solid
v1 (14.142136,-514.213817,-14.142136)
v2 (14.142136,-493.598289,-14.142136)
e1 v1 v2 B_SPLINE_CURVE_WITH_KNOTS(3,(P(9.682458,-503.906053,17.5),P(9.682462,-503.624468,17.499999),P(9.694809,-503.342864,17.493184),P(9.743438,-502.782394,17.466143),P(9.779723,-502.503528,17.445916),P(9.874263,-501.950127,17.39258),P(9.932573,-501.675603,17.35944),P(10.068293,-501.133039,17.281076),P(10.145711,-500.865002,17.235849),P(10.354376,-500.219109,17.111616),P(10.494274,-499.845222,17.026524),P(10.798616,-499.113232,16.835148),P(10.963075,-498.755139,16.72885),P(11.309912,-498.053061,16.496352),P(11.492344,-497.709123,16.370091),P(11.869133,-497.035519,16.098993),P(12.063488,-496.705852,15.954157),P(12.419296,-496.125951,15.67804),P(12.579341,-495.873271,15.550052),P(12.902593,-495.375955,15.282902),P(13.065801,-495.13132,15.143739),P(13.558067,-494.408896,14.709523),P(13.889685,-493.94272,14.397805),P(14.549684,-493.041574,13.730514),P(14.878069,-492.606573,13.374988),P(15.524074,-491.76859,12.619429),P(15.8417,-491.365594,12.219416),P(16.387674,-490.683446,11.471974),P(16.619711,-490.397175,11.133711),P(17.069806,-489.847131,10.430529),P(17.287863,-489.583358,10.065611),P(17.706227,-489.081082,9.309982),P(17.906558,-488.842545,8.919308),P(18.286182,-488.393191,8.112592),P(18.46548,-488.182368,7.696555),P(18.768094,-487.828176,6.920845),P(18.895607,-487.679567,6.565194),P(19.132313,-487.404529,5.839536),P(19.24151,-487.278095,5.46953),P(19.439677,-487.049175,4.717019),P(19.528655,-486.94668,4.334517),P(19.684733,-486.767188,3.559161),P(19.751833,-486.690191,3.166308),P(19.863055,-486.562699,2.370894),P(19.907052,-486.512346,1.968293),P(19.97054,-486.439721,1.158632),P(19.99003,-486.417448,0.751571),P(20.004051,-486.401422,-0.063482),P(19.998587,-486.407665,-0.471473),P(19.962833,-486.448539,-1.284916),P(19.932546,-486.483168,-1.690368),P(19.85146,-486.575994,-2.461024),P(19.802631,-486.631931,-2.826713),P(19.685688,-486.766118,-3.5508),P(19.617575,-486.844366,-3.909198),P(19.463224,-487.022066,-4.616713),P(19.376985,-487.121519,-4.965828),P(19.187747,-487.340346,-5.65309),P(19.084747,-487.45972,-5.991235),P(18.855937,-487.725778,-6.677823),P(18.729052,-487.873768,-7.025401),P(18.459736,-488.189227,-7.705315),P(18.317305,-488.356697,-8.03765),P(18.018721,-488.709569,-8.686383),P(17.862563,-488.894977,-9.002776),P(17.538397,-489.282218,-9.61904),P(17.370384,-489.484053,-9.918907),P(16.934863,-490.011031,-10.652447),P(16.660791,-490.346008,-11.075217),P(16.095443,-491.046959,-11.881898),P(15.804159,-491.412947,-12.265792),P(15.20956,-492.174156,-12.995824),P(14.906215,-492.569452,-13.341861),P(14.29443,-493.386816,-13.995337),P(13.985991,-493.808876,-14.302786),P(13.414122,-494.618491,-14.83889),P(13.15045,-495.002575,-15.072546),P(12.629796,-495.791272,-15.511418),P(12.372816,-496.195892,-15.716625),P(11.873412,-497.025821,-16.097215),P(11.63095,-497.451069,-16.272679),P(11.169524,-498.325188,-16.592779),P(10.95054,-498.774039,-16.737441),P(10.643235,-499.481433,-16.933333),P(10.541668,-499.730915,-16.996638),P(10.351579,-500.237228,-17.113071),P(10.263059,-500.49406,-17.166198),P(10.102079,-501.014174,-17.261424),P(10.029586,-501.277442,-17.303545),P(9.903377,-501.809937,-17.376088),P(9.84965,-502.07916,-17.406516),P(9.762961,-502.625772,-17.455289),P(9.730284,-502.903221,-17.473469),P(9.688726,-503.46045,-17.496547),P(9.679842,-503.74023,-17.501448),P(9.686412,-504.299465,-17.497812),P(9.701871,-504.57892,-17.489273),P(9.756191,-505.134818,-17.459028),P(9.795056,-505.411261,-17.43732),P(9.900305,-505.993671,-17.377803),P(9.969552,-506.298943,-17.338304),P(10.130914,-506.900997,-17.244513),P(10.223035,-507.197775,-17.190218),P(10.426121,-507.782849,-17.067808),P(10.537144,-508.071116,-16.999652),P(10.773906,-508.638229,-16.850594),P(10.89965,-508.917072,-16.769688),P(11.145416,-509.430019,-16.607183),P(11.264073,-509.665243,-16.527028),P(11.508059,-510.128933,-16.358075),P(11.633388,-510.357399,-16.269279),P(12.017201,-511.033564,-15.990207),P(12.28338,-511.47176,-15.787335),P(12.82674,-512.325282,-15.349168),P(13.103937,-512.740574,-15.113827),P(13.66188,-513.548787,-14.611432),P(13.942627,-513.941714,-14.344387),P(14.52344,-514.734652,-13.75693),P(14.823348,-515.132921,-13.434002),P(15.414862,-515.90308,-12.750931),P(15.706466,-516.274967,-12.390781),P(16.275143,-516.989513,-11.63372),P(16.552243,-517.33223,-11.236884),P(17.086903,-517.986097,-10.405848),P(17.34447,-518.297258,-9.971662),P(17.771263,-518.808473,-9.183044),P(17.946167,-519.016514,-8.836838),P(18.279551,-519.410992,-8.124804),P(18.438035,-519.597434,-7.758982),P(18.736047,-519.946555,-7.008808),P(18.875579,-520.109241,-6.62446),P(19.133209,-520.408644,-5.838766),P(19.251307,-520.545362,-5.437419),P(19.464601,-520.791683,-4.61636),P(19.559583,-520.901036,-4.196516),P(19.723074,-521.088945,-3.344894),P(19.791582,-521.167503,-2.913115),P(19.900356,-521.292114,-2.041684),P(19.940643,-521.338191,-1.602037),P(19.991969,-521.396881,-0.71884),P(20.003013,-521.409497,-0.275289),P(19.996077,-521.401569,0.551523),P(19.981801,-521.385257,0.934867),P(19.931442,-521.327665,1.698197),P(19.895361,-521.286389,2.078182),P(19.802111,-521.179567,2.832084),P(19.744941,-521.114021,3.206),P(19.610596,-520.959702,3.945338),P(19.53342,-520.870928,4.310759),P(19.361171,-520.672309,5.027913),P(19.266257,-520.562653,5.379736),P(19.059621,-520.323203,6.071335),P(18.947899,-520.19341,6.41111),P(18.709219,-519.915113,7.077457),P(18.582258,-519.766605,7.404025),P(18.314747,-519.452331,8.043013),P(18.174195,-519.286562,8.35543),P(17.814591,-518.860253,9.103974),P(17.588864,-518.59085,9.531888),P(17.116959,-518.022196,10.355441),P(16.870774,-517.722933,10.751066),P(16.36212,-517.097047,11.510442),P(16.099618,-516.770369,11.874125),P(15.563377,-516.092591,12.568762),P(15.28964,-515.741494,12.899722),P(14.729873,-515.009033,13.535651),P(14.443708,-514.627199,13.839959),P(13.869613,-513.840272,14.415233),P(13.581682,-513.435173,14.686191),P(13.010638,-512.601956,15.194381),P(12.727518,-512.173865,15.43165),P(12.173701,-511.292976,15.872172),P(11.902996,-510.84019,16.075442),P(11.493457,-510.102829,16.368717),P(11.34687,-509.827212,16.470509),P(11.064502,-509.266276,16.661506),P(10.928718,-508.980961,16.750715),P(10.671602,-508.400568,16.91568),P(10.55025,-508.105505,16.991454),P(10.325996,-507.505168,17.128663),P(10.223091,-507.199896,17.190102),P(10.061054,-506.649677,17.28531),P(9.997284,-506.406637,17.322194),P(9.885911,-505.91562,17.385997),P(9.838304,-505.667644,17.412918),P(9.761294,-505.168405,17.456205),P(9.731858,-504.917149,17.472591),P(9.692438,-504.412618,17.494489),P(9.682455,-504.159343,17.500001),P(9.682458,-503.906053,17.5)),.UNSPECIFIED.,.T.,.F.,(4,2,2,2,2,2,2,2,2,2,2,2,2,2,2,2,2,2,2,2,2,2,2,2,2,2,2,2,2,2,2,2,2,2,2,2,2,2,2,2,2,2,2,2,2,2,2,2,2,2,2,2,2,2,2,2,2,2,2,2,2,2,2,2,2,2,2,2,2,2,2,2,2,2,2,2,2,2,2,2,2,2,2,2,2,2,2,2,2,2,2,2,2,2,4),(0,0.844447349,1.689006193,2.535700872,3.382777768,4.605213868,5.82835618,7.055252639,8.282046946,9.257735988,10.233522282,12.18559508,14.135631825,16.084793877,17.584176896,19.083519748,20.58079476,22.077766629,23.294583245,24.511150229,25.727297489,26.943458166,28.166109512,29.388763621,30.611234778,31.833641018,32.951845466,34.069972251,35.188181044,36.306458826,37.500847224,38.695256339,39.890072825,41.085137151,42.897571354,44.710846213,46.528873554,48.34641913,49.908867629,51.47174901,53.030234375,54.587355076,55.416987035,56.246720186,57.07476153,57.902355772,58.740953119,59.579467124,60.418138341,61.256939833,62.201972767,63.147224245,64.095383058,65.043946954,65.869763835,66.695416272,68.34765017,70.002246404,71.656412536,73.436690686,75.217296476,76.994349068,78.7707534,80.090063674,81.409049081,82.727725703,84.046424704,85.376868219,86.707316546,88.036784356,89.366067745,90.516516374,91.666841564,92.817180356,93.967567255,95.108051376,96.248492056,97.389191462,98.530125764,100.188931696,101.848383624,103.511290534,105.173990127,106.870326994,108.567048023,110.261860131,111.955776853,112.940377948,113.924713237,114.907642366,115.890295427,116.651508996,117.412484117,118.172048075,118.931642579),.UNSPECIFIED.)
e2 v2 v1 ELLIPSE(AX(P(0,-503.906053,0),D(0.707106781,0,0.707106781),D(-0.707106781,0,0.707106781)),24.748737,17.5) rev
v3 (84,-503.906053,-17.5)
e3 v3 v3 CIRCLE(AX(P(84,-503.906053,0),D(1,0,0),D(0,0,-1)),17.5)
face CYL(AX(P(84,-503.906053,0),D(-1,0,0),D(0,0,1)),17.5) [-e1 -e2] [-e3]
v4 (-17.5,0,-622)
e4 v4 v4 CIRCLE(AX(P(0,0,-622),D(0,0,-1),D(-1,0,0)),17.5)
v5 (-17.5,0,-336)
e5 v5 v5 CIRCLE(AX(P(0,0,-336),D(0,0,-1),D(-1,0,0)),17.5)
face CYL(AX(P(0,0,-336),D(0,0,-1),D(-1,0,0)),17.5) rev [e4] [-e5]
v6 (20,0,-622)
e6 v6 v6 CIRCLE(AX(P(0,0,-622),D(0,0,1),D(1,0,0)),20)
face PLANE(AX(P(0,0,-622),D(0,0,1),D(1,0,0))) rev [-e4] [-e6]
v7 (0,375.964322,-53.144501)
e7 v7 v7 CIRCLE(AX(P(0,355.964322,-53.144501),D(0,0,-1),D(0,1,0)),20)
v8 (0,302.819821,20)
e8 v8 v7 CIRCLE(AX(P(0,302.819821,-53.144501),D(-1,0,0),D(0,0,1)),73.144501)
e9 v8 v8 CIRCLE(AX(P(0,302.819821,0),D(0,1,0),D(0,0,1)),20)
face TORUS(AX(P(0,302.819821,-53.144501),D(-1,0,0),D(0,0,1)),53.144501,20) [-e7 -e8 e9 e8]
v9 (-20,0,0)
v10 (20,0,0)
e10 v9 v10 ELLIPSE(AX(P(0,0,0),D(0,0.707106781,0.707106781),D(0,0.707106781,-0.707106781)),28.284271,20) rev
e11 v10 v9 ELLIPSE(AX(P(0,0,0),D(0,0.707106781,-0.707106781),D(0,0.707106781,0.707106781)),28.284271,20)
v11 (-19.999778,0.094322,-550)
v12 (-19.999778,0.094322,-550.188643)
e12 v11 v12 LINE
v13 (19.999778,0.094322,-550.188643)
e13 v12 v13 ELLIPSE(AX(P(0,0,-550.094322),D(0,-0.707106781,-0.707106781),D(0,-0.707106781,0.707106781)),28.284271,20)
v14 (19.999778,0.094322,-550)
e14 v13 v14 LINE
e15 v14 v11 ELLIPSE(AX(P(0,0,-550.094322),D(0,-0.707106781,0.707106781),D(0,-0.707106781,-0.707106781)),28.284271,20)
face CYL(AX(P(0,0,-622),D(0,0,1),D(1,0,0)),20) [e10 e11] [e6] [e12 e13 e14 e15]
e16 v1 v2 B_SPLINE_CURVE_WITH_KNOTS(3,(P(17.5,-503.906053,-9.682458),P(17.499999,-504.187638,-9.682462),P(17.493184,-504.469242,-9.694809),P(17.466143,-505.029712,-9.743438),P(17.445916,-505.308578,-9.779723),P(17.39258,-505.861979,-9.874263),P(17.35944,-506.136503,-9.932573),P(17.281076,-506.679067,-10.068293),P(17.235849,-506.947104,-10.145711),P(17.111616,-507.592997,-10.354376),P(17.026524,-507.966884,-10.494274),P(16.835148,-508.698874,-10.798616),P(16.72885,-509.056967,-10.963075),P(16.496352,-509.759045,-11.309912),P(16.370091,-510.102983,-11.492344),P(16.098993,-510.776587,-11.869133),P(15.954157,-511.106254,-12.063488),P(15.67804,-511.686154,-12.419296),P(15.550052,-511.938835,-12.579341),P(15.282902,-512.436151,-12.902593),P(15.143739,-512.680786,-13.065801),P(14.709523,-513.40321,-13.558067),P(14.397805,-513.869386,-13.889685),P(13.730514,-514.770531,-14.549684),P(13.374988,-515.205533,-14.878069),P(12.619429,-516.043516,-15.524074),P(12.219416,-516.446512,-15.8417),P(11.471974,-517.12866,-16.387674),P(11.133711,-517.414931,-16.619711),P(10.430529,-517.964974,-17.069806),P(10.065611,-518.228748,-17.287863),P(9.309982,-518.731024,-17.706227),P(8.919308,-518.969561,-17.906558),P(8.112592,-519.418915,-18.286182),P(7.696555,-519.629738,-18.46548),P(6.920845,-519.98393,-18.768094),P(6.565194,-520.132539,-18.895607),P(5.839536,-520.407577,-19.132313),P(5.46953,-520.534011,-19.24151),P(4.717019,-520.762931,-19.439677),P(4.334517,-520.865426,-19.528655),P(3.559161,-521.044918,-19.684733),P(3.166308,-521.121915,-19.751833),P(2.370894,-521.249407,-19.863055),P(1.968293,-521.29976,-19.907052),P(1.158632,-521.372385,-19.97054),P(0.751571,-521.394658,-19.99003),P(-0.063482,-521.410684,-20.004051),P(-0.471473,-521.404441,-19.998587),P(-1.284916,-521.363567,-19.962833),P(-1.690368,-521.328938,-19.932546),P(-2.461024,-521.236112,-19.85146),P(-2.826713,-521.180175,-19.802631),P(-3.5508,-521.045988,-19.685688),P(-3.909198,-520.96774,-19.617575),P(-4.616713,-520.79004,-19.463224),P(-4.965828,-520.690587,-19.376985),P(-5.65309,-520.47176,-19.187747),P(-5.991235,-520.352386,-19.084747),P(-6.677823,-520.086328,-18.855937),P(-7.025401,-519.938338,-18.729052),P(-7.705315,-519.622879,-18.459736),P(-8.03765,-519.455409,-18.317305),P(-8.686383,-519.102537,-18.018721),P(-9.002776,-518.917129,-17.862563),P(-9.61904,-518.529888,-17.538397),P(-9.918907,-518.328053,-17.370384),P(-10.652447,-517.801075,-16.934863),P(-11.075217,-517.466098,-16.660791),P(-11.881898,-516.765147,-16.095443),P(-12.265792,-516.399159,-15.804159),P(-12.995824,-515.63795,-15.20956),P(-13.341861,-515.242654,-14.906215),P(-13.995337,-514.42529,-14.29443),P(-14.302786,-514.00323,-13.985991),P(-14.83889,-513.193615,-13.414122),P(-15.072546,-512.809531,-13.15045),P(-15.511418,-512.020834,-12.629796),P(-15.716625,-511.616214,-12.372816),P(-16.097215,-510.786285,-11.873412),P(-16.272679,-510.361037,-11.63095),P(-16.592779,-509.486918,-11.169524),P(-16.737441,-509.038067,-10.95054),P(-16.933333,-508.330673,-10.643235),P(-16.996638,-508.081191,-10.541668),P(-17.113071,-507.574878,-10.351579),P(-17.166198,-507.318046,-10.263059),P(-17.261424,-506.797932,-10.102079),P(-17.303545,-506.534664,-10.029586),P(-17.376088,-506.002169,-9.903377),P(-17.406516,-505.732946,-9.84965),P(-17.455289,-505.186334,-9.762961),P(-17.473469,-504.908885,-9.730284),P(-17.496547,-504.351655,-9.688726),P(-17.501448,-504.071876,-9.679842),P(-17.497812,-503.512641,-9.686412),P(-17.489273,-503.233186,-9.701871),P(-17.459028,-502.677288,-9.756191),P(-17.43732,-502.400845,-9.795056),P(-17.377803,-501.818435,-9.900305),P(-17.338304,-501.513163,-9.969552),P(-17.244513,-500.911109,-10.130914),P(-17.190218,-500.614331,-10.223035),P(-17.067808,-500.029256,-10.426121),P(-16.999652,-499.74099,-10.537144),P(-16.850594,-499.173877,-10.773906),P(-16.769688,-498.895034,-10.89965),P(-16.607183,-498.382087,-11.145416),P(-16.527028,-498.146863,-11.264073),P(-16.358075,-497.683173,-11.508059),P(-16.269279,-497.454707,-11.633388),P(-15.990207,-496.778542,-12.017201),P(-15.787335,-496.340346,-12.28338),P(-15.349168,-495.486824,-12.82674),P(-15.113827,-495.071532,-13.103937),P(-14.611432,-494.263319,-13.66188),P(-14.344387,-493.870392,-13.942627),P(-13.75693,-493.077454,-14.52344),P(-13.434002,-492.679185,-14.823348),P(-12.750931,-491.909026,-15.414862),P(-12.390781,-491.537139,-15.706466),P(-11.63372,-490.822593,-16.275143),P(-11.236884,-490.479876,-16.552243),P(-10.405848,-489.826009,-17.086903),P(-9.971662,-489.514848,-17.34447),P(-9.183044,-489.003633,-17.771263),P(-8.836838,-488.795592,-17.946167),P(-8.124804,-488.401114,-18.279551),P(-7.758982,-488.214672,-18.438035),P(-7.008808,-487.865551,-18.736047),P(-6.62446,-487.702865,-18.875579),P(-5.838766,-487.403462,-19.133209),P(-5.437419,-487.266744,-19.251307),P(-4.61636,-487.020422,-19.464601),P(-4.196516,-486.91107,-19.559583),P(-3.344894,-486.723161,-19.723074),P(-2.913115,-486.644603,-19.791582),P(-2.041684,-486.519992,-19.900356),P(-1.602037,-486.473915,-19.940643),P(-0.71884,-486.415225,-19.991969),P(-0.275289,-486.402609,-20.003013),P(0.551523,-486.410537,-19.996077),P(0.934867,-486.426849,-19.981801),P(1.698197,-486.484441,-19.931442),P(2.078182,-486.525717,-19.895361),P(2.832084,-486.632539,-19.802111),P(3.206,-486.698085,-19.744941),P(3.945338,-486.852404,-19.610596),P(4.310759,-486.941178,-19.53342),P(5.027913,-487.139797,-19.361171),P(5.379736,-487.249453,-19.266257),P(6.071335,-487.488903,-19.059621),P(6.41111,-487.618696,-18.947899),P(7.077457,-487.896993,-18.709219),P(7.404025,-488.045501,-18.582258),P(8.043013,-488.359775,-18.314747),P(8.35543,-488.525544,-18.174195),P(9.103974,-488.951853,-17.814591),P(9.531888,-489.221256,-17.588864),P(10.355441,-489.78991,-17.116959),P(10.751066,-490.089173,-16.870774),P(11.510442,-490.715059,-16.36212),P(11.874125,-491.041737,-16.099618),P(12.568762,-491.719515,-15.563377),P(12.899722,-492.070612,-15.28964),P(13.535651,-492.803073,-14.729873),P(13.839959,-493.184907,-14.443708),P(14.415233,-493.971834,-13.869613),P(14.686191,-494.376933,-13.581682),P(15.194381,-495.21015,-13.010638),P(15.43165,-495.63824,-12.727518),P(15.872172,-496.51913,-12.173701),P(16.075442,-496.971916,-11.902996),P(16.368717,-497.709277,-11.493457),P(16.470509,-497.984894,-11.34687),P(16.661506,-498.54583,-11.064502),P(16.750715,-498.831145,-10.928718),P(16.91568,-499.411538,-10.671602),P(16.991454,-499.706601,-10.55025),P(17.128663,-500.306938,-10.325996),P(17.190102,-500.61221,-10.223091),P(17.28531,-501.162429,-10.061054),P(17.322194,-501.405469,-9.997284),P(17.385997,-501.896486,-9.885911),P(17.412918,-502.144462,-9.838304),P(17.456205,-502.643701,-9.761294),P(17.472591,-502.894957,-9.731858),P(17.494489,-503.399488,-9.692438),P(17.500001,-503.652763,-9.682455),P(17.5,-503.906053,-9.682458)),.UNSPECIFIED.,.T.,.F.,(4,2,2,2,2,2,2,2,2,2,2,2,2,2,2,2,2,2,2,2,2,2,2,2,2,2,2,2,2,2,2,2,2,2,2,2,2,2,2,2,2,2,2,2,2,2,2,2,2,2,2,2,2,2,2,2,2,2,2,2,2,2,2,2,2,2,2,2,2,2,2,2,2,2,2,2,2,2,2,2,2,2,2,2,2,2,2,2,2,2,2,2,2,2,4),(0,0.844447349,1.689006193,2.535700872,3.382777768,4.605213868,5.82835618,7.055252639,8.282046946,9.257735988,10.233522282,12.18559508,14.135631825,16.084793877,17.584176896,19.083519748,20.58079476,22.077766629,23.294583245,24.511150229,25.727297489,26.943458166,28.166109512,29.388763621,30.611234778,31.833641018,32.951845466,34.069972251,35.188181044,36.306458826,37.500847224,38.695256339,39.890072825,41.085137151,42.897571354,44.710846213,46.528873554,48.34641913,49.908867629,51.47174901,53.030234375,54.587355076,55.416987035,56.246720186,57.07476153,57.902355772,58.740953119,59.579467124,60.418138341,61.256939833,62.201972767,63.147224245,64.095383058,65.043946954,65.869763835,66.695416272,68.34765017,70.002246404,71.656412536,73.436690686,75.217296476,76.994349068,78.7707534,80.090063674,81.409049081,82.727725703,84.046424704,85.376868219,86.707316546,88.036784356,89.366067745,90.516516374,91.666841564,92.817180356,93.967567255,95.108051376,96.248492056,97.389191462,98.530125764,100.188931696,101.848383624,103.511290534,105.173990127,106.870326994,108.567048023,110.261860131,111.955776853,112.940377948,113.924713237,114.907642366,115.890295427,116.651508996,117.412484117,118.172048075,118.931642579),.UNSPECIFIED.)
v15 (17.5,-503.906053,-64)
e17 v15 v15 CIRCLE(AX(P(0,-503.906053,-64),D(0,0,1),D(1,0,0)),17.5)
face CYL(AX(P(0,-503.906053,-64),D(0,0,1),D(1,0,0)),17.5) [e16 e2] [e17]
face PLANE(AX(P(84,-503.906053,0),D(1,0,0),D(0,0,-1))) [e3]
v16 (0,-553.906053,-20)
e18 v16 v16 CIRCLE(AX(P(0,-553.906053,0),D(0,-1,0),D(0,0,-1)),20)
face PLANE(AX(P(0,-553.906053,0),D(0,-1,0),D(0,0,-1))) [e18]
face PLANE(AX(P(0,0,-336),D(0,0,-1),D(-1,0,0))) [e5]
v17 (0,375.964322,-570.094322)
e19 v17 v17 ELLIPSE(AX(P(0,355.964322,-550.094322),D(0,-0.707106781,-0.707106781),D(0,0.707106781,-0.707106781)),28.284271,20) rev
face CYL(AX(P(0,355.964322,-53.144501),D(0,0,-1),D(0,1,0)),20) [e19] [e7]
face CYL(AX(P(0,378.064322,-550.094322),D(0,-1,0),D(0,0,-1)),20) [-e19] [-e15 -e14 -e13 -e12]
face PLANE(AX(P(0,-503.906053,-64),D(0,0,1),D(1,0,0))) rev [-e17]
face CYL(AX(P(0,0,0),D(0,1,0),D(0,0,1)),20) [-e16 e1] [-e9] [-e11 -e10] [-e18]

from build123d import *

# Parameters (mm, degrees)
SKETCH2_R           = 20
SKETCH5_R           = 20
BOSS_EXTRUDE1_DEPTH = 553.90605298
SKETCH6_R           = 20
BOSS_EXTRUDE2_DEPTH = 622
SKETCH7_R           = 17.5
CUT_EXTRUDE1_DEPTH  = 286
SKETCH8_R           = 17.5
BOSS_EXTRUDE4_DEPTH = 64
SKETCH11_R          = 17.5
BOSS_EXTRUDE5_DEPTH = 84


with BuildPart() as part:
    # Sweep1: sweep along a path in Sketch3
    with BuildLine(Plane(origin=(0, 0, 0), x_dir=(0, 0, -1), z_dir=(1, 0, 0))) as sweep1_path:
        Line((0, 0), (0, 302.819820908))
        ThreePointArc((0, 302.819820908), (15.565663847, 340.398657675), (53.144500614, 355.964321522))
        Line((53.144500614, 355.964321522), (550.094321522, 355.964321522))
        Line((550.094321522, 355.964321522), (550.094321522, 0.094321522))
    # Sketch2 → Sweep1 (sweep)
    with BuildSketch(Plane(origin=(0, 0, 0), x_dir=(1, 0, 0), z_dir=(0, 1, 0))):
        Circle(SKETCH2_R)
    sweep(path=sweep1_path.line, transition=Transition.RIGHT)

    # Sketch5 → Boss-Extrude1 (add)
    with BuildSketch(Plane.XZ):
        with Locations(Location((0, 0, 0), (0, 0, 90))):
            Circle(SKETCH5_R)
    extrude(amount=BOSS_EXTRUDE1_DEPTH)

    # Sketch6 → Boss-Extrude2 (add)
    with BuildSketch(Plane.XY):
        Circle(SKETCH6_R)
    extrude(amount=-BOSS_EXTRUDE2_DEPTH)

    # Sketch7 → Cut-Extrude1 (cut)
    with BuildSketch(Plane(origin=(0, 0, -622), x_dir=(-1, 0, 0), z_dir=(0, 0, -1))):
        Circle(SKETCH7_R)
    extrude(amount=-CUT_EXTRUDE1_DEPTH, mode=Mode.SUBTRACT)

    # Sketch8 → Boss-Extrude4 (add)
    with BuildSketch(Plane.XY):
        with Locations((0, -503.90605298)):
            Circle(SKETCH8_R)
    extrude(amount=-BOSS_EXTRUDE4_DEPTH)

    # Sketch11 → Boss-Extrude5 (add)
    with BuildSketch(Plane(origin=(0, 0, 0), x_dir=(0, 0, -1), z_dir=(1, 0, 0))):
        with Locations((0, -503.90605298)):
            Circle(SKETCH11_R)
    extrude(amount=BOSS_EXTRUDE5_DEPTH)


solid = part.part
